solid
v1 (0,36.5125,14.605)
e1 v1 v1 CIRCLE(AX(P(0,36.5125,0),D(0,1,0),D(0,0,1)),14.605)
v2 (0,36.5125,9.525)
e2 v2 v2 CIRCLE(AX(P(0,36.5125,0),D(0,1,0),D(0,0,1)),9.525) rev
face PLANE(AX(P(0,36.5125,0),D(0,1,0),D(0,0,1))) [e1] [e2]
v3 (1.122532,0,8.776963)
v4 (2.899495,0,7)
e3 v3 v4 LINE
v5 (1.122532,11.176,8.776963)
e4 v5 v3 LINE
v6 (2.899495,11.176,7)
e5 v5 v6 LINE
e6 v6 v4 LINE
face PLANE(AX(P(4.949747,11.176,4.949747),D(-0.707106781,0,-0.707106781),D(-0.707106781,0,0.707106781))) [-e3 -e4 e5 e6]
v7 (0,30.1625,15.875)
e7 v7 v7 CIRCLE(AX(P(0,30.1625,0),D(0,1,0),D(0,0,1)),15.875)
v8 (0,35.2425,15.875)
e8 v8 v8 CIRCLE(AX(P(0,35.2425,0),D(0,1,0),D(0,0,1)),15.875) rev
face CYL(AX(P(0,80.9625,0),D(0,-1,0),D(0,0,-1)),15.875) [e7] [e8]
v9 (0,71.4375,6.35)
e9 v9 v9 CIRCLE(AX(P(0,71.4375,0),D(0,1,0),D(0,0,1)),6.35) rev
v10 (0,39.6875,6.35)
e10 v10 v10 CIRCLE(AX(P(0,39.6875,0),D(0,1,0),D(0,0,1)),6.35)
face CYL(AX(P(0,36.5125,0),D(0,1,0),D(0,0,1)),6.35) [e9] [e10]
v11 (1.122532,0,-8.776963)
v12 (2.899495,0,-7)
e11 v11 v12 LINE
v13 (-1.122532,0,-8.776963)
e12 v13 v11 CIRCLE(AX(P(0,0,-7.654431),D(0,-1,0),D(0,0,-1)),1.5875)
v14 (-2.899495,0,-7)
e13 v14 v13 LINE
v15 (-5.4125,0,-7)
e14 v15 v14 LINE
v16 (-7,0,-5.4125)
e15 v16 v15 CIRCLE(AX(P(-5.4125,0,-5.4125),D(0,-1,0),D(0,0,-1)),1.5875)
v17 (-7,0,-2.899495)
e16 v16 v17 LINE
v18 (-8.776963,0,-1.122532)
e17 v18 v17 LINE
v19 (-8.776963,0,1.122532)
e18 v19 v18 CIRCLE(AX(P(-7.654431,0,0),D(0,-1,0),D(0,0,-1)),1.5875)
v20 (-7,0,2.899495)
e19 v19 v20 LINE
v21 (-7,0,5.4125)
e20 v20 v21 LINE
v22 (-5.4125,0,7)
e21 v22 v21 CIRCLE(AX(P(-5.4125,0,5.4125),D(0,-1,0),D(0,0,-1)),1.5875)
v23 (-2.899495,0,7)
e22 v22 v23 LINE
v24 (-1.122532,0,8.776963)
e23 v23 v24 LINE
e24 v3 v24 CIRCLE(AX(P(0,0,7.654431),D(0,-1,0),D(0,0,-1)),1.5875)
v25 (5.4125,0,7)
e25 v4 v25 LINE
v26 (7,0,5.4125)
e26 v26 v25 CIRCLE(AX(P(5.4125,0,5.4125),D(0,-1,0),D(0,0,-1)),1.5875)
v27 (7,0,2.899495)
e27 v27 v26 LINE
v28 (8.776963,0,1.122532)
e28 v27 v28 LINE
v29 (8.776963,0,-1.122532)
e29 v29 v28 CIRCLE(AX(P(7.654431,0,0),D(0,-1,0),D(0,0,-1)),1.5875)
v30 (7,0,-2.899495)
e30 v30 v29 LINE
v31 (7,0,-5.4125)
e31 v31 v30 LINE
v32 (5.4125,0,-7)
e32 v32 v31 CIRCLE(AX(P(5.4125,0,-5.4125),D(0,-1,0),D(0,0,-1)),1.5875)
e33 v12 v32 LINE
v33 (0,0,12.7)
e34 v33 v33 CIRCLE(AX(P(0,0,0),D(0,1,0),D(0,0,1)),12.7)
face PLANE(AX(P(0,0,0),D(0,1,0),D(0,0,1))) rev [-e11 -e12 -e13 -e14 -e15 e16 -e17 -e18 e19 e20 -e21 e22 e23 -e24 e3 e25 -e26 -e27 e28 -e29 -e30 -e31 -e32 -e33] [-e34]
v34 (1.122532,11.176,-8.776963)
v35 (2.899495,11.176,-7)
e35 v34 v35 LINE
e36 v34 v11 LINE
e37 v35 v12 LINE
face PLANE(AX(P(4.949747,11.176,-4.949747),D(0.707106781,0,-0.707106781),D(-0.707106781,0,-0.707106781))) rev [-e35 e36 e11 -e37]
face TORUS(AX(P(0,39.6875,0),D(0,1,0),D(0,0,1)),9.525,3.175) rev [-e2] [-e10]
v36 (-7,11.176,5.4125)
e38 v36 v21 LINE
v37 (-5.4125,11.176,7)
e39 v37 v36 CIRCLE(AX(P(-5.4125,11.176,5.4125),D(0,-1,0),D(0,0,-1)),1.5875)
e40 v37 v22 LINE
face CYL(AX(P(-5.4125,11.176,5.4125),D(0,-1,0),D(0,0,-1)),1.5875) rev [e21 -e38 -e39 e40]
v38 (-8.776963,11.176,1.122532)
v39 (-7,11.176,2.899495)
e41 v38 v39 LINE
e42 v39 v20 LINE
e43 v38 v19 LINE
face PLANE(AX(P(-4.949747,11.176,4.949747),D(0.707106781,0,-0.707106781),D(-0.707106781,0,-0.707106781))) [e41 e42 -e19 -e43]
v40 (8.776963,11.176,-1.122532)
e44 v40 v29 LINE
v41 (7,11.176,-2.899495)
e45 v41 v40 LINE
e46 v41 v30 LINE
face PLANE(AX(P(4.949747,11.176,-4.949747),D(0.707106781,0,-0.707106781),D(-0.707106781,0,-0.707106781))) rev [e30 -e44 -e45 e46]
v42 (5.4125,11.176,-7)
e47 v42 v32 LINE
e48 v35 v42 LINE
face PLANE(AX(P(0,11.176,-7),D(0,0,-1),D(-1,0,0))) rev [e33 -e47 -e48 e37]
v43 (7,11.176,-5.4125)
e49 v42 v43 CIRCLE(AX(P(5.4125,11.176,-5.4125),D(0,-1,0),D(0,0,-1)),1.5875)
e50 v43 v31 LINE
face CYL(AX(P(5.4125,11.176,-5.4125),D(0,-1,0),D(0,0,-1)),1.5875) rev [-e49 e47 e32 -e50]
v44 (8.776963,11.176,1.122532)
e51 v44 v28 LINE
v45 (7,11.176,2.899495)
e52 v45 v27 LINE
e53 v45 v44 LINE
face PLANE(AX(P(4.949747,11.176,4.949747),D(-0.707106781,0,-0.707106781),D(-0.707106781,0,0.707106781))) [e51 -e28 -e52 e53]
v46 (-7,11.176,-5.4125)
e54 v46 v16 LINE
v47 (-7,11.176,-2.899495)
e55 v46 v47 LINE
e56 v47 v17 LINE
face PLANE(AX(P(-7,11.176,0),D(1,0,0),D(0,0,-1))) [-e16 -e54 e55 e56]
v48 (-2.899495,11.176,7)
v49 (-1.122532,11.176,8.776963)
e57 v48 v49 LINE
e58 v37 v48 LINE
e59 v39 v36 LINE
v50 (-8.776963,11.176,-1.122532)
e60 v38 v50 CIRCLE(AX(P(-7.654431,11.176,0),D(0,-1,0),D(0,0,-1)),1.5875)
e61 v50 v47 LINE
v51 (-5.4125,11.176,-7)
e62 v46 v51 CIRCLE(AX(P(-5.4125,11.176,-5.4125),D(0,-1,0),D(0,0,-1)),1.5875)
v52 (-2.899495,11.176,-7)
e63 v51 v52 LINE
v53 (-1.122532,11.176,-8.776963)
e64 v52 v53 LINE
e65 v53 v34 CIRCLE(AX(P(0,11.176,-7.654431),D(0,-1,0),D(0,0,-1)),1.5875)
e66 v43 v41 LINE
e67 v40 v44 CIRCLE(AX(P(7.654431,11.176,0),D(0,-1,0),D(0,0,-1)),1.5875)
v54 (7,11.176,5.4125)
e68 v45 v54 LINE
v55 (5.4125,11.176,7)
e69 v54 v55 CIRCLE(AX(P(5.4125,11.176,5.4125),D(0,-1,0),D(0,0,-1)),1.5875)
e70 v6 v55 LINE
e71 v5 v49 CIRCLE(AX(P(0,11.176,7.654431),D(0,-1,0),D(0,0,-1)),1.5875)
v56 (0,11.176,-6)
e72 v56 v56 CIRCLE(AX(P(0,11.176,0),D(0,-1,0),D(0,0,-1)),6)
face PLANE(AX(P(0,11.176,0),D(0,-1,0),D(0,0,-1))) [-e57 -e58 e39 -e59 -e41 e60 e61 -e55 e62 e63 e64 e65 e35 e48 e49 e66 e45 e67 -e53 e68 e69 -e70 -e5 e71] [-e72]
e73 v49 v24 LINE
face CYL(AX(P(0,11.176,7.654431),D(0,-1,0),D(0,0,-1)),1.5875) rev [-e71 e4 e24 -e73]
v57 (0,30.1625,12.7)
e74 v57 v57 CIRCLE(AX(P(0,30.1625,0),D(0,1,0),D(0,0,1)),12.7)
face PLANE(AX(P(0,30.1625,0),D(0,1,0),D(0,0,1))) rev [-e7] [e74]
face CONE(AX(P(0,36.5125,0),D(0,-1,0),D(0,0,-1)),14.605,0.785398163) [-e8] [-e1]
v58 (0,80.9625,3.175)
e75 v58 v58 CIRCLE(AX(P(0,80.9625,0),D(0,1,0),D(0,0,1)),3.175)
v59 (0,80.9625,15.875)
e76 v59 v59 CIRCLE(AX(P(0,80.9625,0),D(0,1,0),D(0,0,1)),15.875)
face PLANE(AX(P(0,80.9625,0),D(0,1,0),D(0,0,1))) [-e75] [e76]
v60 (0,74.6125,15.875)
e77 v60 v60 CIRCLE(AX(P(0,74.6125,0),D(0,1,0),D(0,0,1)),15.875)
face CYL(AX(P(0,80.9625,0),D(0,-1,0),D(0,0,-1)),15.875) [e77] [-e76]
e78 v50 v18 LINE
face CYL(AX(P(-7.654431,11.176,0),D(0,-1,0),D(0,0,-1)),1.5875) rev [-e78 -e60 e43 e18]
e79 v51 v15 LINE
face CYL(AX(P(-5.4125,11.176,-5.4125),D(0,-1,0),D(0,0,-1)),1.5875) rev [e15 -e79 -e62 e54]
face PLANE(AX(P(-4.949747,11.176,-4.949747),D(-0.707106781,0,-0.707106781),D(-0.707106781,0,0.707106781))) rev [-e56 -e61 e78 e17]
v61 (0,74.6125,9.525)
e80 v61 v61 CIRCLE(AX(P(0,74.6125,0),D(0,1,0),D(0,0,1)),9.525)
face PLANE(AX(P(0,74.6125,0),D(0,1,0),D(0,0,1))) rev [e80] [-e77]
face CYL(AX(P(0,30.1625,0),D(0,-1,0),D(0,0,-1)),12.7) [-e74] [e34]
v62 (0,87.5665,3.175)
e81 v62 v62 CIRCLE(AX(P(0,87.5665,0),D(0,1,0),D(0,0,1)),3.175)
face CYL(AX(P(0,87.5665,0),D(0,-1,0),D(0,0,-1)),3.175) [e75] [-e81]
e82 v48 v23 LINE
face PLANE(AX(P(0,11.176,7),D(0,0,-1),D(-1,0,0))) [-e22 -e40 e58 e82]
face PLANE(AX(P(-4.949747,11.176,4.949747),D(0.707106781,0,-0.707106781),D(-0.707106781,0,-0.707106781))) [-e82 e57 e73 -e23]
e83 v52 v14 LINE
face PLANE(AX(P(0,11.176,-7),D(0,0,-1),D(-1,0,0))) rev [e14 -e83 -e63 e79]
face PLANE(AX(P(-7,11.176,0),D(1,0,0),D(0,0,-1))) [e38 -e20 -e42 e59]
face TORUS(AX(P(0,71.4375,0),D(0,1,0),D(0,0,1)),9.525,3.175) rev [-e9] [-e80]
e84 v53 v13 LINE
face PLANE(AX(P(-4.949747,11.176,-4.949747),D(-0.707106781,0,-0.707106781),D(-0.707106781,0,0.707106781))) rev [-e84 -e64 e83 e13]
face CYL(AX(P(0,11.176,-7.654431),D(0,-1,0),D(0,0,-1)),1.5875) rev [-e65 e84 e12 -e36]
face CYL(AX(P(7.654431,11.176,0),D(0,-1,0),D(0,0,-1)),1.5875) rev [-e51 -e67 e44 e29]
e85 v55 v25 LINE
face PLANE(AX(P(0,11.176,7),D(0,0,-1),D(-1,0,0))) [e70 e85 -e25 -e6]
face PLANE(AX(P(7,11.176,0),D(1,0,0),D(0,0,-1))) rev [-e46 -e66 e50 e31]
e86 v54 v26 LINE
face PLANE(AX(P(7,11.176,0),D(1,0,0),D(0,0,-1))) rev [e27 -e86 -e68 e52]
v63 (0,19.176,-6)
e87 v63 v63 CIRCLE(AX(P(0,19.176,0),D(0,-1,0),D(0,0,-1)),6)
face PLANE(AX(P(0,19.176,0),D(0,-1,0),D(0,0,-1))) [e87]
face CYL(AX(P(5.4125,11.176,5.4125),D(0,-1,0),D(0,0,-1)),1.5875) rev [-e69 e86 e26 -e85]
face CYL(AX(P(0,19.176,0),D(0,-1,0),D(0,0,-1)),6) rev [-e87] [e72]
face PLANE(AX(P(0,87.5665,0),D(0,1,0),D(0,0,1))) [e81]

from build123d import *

# Parameters (mm, degrees)
SKETCH1_R           = 12.7
BOSS_EXTRUDE1_DEPTH = 30.1625
SKETCH4_R           = 15.875
BOSS_EXTRUDE2_DEPTH = 50.8
CUT_EXTRUDE1_DEPTH  = 11.176
SKETCH3_R           = 6
CUT_EXTRUDE2_DEPTH  = 8
SKETCH5_R           = 3.175
BOSS_EXTRUDE3_DEPTH = 6.604
CUT_EXTRUDE3_START  = -6.35
SKETCH9_R           = 15.875
SKETCH9_R_2         = 6.35
CUT_EXTRUDE3_DEPTH  = 38.1
FILLET1_R           = 3.175
CHAMFER1_SIZE       = 1.27


with BuildPart() as part:
    # Sketch1 → Boss-Extrude1 (new body)
    with BuildSketch(Plane(origin=(0, 0, 0), x_dir=(1, 0, 0), z_dir=(0, 1, 0))):
        Circle(SKETCH1_R)
    extrude(amount=BOSS_EXTRUDE1_DEPTH)

    # Sketch4 → Boss-Extrude2 (add)
    with BuildSketch(Plane(origin=(0, 30.1625, 0), x_dir=(1, 0, 0), z_dir=(0, 1, 0))):
        Circle(SKETCH4_R)
    extrude(amount=BOSS_EXTRUDE2_DEPTH)

    # Sketch2 → Cut-Extrude1 (cut)
    with BuildSketch(Plane.XZ):
        with BuildLine():
            Line((-7, 2.899494937), (-8.776962921, 1.122532015))
            ThreePointArc((-8.776962921, 1.122532015), (-9.241930906, 0), (-8.776962921, -1.122532015))
            Line((-8.776962921, -1.122532015), (-7, -2.899494937))
            Line((-7, -2.899494937), (-7, 2.899494937))
        make_face()
        Polygon((-2.899494937, 7), (-7, 2.899494937), (-7, -2.899494937), (-2.899494937, -7), (2.899494937, -7), (7, -2.899494937), (7, 2.899494937), (2.899494937, 7), align=None)
        with BuildLine():
            Line((-7, 5.4125), (-7, 2.899494937))
            Line((-7, 2.899494937), (-2.899494937, 7))
            Line((-2.899494937, 7), (-5.4125, 7))
            ThreePointArc((-5.4125, 7), (-6.535032015, 6.535032015), (-7, 5.4125))
        make_face()
        with BuildLine():
            Line((-1.122532015, 8.776962921), (-2.899494937, 7))
            Line((-2.899494937, 7), (2.899494937, 7))
            Line((2.899494937, 7), (1.122532015, 8.776962921))
            ThreePointArc((1.122532015, 8.776962921), (0, 9.241930906), (-1.122532015, 8.776962921))
        make_face()
        with BuildLine():
            Line((5.4125, 7), (2.899494937, 7))
            Line((2.899494937, 7), (7, 2.899494937))
            Line((7, 2.899494937), (7, 5.4125))
            ThreePointArc((7, 5.4125), (6.535032015, 6.535032015), (5.4125, 7))
        make_face()
        with BuildLine():
            Line((8.776962921, 1.122532015), (7, 2.899494937))
            Line((7, 2.899494937), (7, -2.899494937))
            Line((7, -2.899494937), (8.776962921, -1.122532015))
            ThreePointArc((8.776962921, -1.122532015), (9.241930906, 0), (8.776962921, 1.122532015))
        make_face()
        with BuildLine():
            Line((7, -2.899494937), (2.899494937, -7))
            Line((2.899494937, -7), (5.4125, -7))
            ThreePointArc((5.4125, -7), (6.535032015, -6.535032015), (7, -5.4125))
            Line((7, -5.4125), (7, -2.899494937))
        make_face()
        with BuildLine():
            Line((2.899494937, -7), (-2.899494937, -7))
            Line((-2.899494937, -7), (-1.122532015, -8.776962921))
            ThreePointArc((-1.122532015, -8.776962921), (0, -9.241930906), (1.122532015, -8.776962921))
            Line((1.122532015, -8.776962921), (2.899494937, -7))
        make_face()
        with BuildLine():
            Line((-2.899494937, -7), (-7, -2.899494937))
            Line((-7, -2.899494937), (-7, -5.4125))
            ThreePointArc((-7, -5.4125), (-6.535032015, -6.535032015), (-5.4125, -7))
            Line((-5.4125, -7), (-2.899494937, -7))
        make_face()
    extrude(amount=-CUT_EXTRUDE1_DEPTH, mode=Mode.SUBTRACT)

    # Sketch3 → Cut-Extrude2 (cut)
    with BuildSketch(Plane.XZ.offset(-11.176)):
        Circle(SKETCH3_R)
    extrude(amount=-CUT_EXTRUDE2_DEPTH, mode=Mode.SUBTRACT)

    # Sketch5 → Boss-Extrude3 (add)
    with BuildSketch(Plane(origin=(0, 80.9625, 0), x_dir=(1, 0, 0), z_dir=(0, 1, 0))):
        Circle(SKETCH5_R)
    extrude(amount=BOSS_EXTRUDE3_DEPTH)

    # Sketch9 → Cut-Extrude3 (cut)
    with BuildSketch(Plane(origin=(0, 80.9625, 0), x_dir=(1, 0, 0), z_dir=(0, 1, 0)).offset(CUT_EXTRUDE3_START)):
        Circle(SKETCH9_R)
        Circle(SKETCH9_R_2, mode=Mode.SUBTRACT)
    extrude(amount=-CUT_EXTRUDE3_DEPTH, mode=Mode.SUBTRACT)

    # Fillet1
    fillet1_edges = [part.edges().sort_by_distance(p)[0] for p in [
        (-6.35, 36.5125, 0),
        (-6.35, 74.6125, 0),
    ]]
    fillet(fillet1_edges, radius=FILLET1_R)

    # Chamfer1
    chamfer1_edges = [part.edges().sort_by_distance(p)[0] for p in [
        (-15.875, 36.5125, 0),
    ]]
    chamfer(chamfer1_edges, length=CHAMFER1_SIZE)


solid = part.part
